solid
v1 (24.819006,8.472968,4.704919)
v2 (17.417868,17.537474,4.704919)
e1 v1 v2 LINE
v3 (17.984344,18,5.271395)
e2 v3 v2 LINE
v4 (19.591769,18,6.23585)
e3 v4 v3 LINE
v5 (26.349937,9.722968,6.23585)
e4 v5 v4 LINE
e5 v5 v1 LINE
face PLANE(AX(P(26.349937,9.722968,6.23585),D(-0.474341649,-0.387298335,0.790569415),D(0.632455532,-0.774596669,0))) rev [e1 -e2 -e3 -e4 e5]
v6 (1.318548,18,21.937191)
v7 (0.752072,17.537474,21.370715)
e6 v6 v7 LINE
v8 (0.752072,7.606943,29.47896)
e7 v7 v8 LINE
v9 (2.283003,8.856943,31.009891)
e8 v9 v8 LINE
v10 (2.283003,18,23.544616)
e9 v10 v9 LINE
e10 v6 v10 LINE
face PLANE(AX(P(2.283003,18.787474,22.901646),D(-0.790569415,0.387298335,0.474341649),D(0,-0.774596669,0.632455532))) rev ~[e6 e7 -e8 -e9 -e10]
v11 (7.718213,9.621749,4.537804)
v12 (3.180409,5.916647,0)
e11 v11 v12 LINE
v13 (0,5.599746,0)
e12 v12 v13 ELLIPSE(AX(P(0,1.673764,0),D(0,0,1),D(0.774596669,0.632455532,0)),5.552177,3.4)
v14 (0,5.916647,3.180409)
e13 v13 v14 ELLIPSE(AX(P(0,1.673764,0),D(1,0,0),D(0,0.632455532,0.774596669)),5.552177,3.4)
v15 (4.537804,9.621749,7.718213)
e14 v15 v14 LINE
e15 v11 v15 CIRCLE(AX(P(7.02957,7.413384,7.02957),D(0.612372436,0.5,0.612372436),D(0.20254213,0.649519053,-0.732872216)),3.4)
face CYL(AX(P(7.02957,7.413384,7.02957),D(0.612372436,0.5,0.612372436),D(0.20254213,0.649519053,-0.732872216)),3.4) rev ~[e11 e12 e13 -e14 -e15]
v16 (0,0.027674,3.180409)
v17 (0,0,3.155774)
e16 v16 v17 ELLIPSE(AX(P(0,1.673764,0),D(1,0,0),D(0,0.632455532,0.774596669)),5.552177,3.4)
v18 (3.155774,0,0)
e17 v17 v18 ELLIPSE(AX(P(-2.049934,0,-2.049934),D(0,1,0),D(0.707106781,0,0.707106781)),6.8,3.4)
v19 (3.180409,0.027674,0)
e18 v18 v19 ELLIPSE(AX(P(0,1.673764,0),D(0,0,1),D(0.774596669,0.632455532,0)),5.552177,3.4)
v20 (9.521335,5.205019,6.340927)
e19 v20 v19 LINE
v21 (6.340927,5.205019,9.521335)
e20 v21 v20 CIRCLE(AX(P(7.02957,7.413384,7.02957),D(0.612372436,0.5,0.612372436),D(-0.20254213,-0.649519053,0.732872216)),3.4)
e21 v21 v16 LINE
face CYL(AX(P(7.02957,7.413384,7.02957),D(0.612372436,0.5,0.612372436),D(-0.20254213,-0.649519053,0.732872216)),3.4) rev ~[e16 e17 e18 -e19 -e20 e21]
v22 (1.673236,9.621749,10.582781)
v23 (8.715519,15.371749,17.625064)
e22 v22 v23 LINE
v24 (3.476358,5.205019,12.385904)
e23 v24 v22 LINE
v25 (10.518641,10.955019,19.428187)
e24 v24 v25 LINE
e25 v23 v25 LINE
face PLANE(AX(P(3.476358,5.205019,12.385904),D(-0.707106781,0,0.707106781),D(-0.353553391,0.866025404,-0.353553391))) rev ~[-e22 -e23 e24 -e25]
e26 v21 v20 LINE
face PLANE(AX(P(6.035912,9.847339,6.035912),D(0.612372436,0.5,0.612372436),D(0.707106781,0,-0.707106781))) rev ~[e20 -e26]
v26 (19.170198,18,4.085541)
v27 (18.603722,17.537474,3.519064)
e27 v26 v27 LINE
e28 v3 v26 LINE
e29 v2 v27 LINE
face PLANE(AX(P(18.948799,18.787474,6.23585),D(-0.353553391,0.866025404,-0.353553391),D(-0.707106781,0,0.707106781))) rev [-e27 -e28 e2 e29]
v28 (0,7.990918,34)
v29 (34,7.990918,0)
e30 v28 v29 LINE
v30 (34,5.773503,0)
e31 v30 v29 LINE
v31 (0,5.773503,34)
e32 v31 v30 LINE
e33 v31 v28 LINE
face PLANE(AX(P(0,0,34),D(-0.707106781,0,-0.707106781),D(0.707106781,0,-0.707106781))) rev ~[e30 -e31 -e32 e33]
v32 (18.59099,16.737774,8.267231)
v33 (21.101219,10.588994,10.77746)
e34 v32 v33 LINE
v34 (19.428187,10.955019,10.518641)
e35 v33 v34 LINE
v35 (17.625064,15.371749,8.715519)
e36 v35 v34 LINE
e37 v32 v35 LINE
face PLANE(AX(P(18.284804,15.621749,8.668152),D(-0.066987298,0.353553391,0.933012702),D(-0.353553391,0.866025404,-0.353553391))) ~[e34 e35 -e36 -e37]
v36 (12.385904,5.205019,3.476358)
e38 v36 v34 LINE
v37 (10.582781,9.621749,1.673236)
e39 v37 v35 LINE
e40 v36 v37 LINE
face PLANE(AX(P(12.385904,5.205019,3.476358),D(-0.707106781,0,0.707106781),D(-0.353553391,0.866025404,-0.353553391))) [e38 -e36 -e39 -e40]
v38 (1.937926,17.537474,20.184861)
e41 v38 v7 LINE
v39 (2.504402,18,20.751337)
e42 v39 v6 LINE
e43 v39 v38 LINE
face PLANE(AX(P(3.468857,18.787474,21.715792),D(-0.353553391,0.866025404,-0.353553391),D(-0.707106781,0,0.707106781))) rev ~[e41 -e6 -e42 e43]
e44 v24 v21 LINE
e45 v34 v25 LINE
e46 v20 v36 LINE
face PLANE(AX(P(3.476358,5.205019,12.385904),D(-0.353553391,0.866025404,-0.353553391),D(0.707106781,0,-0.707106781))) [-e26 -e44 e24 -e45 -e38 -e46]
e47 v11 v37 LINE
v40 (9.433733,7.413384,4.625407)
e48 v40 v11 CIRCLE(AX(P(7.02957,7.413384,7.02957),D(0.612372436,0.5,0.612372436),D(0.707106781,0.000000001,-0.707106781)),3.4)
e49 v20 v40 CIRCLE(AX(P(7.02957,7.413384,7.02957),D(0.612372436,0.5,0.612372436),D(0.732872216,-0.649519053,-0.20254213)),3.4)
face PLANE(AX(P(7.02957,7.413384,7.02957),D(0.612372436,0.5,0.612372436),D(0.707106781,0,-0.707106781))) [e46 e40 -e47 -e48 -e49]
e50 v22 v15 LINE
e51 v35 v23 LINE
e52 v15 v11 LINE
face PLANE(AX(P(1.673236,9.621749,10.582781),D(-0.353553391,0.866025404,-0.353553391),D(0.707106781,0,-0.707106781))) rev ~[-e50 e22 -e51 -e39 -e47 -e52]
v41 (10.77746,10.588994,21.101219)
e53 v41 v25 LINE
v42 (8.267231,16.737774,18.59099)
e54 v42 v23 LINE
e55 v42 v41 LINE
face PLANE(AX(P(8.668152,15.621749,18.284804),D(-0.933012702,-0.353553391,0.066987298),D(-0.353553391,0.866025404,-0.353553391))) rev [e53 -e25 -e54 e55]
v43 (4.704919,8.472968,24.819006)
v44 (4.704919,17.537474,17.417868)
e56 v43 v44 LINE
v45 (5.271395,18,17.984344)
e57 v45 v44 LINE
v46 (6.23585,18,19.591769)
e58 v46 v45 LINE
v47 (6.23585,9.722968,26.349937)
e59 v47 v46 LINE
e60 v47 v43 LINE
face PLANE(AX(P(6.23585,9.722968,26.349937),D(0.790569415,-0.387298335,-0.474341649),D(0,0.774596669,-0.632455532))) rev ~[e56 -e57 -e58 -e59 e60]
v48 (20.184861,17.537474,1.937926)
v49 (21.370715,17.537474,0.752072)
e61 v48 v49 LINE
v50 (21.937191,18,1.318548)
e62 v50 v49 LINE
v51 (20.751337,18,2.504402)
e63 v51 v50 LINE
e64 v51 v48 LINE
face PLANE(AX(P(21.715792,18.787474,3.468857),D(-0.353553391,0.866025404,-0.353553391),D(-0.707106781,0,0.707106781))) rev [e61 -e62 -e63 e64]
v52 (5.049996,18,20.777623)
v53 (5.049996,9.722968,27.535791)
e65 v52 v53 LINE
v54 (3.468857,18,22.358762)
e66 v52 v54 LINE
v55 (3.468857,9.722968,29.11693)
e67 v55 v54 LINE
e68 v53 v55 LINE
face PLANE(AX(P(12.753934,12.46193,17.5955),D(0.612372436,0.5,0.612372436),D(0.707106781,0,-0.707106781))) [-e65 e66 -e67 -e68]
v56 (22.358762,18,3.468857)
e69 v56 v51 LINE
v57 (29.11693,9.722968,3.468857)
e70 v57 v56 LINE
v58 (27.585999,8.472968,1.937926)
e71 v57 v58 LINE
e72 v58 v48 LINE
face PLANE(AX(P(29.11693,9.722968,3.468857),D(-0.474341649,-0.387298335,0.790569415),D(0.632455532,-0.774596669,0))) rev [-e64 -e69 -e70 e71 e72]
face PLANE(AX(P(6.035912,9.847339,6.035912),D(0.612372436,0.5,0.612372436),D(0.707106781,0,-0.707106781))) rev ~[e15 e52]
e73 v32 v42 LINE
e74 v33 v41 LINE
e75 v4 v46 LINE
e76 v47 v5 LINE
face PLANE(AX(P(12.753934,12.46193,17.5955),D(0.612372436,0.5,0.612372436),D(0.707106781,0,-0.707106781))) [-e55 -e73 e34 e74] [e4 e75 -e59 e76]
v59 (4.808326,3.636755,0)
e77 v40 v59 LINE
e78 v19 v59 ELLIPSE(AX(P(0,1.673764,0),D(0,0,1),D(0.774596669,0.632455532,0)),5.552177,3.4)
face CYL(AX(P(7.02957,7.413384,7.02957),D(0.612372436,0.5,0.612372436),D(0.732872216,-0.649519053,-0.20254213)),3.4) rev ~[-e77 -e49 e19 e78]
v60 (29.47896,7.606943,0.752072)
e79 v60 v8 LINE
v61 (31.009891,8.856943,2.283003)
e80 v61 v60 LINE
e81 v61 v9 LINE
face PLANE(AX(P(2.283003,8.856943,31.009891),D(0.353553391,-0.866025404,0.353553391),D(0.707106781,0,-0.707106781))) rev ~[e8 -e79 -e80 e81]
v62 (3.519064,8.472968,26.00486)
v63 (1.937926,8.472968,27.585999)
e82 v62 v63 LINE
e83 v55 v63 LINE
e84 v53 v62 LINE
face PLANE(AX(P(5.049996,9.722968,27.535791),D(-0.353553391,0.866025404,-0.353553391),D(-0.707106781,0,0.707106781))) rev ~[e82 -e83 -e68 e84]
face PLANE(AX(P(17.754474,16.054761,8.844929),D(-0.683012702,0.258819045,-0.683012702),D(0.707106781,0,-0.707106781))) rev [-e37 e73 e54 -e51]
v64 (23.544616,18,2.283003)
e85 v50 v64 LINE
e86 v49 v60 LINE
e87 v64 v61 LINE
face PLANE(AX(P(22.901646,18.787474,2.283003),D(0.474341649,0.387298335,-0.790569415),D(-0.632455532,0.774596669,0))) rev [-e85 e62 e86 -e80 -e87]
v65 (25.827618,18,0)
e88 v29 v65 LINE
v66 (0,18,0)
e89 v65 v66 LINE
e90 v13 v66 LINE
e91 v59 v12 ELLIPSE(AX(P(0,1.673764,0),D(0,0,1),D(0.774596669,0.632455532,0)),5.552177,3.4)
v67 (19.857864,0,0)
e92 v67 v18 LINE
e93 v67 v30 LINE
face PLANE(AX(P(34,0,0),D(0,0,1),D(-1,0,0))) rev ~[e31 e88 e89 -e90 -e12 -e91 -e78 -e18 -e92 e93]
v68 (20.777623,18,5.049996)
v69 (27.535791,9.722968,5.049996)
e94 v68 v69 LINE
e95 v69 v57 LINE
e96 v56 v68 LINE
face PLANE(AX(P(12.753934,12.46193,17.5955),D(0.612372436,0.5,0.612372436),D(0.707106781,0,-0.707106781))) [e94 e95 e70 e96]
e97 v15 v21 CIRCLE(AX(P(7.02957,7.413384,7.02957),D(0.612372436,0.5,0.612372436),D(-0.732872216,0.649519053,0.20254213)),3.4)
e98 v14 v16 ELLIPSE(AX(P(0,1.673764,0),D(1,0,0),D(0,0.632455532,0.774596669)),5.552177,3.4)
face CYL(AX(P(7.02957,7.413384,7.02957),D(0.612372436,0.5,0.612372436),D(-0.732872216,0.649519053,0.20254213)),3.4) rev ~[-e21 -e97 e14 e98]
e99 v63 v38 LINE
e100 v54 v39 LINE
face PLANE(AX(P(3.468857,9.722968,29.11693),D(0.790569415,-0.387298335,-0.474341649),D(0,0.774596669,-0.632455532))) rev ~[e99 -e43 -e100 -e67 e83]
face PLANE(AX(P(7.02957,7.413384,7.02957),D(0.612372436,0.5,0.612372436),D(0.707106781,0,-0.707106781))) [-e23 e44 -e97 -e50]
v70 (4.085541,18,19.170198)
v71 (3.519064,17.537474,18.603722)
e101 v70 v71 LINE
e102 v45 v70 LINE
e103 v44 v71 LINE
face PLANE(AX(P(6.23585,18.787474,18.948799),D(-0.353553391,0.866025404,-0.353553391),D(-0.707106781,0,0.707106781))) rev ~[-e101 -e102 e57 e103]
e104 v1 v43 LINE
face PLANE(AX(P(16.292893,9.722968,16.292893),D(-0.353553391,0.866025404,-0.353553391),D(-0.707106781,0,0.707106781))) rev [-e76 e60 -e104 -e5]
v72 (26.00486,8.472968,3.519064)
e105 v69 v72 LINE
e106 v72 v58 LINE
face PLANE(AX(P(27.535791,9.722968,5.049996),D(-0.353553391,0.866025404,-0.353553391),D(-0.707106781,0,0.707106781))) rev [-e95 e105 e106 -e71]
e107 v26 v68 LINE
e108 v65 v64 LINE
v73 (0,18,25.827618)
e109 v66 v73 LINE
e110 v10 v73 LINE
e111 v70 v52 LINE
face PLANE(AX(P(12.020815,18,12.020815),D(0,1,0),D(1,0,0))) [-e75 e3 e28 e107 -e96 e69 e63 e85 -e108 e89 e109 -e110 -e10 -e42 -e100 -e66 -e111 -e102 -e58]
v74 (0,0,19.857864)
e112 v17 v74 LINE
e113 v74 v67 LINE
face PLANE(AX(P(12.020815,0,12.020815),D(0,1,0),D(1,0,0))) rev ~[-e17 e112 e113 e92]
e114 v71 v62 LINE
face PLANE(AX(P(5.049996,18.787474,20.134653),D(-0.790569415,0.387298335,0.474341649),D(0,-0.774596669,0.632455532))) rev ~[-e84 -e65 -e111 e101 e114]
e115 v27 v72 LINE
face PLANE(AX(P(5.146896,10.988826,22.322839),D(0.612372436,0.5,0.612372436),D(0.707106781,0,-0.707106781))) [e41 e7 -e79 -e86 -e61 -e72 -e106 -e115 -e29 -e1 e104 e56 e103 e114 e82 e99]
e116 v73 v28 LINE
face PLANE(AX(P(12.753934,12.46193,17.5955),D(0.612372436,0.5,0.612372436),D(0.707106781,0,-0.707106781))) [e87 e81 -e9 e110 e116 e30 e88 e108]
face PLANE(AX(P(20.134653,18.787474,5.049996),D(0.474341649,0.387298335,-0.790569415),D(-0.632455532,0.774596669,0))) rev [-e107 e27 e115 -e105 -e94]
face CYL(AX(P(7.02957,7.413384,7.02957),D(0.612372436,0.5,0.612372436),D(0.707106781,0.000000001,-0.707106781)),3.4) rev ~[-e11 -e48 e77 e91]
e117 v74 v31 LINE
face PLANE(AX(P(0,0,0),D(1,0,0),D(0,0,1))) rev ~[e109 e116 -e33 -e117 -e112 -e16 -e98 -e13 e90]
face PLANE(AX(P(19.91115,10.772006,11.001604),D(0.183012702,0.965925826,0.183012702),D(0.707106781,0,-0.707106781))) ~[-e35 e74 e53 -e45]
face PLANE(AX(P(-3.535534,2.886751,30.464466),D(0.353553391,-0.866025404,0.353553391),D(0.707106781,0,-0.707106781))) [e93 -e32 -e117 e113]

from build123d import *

# Parameters (mm, degrees)
BOSS_EXTRUDE1_DEPTH     = 18
CUT_EXTRUDE2_DEPTH      = 9
CUT_EXTRUDE3_DEPTH      = 30.344292319
CUT_EXTRUDE3_DEPTH_BACK = 12.5
SKETCH6_6_W             = 12.6
SKETCH6_6_H             = 5.1
CUT_EXTRUDE4_DEPTH      = 2.5
CHAMFER1_SIZE           = 10
CHAMFER1_SIZE2          = 5.773502692
CHAMFER2_SIZE           = 1
CUT_EXTRUDE5_START      = -12.5
CUT_EXTRUDE5_DEPTH      = 17.844292319


with BuildPart() as part:
    # Sketch1 → Boss-Extrude1 (new body)
    with BuildSketch(Plane(origin=(0, 0, 0), x_dir=(1, 0, 0), z_dir=(0, 1, 0))):
        Polygon((0, 0), (0, -34), (34, 0), align=None)
    extrude(amount=BOSS_EXTRUDE1_DEPTH)

    # Sketch6 → Cut-Extrude2 (cut)
    # profile 1 of 8: a face of its own
    with BuildSketch(Plane(origin=(15.196708808, 12.408060783, 15.196708808), x_dir=(0.7071067811865475, 0, -0.7071067811865476), z_dir=(0.6123724356957942, 0.5000000000000011, 0.6123724356957941))):
        Polygon((-24.04163056, 7.366311807), (-24.04163056, -5.100477721), (24.04163056, -5.100477721), (24.04163056, 7.366311807), (-8.989412587, 7.366311807), (-14.222807352, -3.100477721), (0, -3.100477721), (0, -4.100477721), (-20.312977295, -4.100477721), (-14.579582531, 7.366311807), align=None)
        with BuildLine():
            ThreePointArc((2.248888614, -1.100477721), (0, -1.950477721), (-2.248888614, -1.100477721))
            Line((-2.248888614, -1.100477721), (-6.3, -1.100477721))
            Line((-6.3, -1.100477721), (-6.3, 3.999522279))
            Line((-6.3, 3.999522279), (-2.248888614, 3.999522279))
            ThreePointArc((-2.248888614, 3.999522279), (0, 4.849522279), (2.248888614, 3.999522279))
            Line((2.248888614, 3.999522279), (6.3, 3.999522279))
            Line((6.3, 3.999522279), (6.3, -1.100477721))
            Line((6.3, -1.100477721), (2.248888614, -1.100477721))
        make_face(mode=Mode.SUBTRACT)
    # profile 2 of 8: a face of its own
    with BuildSketch(Plane(origin=(15.196708808, 12.408060783, 15.196708808), x_dir=(0.7071067811865475, 0, -0.7071067811865476), z_dir=(0.6123724356957942, 0.5000000000000011, 0.6123724356957941))):
        with BuildLine():
            ThreePointArc((3.4, 1.449522279), (3.098888614, 0.050633664), (2.248888614, -1.100477721))
            Line((2.248888614, -1.100477721), (6.3, -1.100477721))
            Line((6.3, -1.100477721), (6.3, 3.999522279))
            Line((6.3, 3.999522279), (2.248888614, 3.999522279))
            ThreePointArc((2.248888614, 3.999522279), (3.098888614, 2.848410893), (3.4, 1.449522279))
        make_face()
    # profile 3 of 8: a face of its own
    with BuildSketch(Plane(origin=(15.196708808, 12.408060783, 15.196708808), x_dir=(0.7071067811865475, 0, -0.7071067811865476), z_dir=(0.6123724356957942, 0.5000000000000011, 0.6123724356957941))):
        with BuildLine():
            Line((-6.3, -1.100477721), (-2.248888614, -1.100477721))
            ThreePointArc((-2.248888614, -1.100477721), (-3.4, 1.449522279), (-2.248888614, 3.999522279))
            Line((-2.248888614, 3.999522279), (-6.3, 3.999522279))
            Line((-6.3, 3.999522279), (-6.3, -1.100477721))
        make_face()
    # profile 4 of 8: a face of its own
    with BuildSketch(Plane(origin=(15.196708808, 12.408060783, 15.196708808), x_dir=(0.7071067811865475, 0, -0.7071067811865476), z_dir=(0.6123724356957942, 0.5000000000000011, 0.6123724356957941))):
        with BuildLine():
            Line((0, -1.100477721), (-2.248888614, -1.100477721))
            ThreePointArc((-2.248888614, -1.100477721), (0, -1.950477721), (2.248888614, -1.100477721))
            Line((2.248888614, -1.100477721), (0, -1.100477721))
        make_face()
    # profile 5 of 8: a face of its own
    with BuildSketch(Plane(origin=(15.196708808, 12.408060783, 15.196708808), x_dir=(0.7071067811865475, 0, -0.7071067811865476), z_dir=(0.6123724356957942, 0.5000000000000011, 0.6123724356957941))):
        with BuildLine():
            ThreePointArc((2.248888614, 3.999522279), (0, 4.849522279), (-2.248888614, 3.999522279))
            Line((-2.248888614, 3.999522279), (0, 3.999522279))
            Line((0, 3.999522279), (2.248888614, 3.999522279))
        make_face()
    # profile 6 of 8: a face of its own
    with BuildSketch(Plane(origin=(15.196708808, 12.408060783, 15.196708808), x_dir=(0.7071067811865475, 0, -0.7071067811865476), z_dir=(0.6123724356957942, 0.5000000000000011, 0.6123724356957941))):
        with BuildLine():
            ThreePointArc((-2.248888614, 3.999522279), (-3.4, 1.449522279), (-2.248888614, -1.100477721))
            Line((-2.248888614, -1.100477721), (0, -1.100477721))
            Line((0, -1.100477721), (2.248888614, -1.100477721))
            ThreePointArc((2.248888614, -1.100477721), (3.098888614, 0.050633664), (3.4, 1.449522279))
            ThreePointArc((3.4, 1.449522279), (3.098888614, 2.848410893), (2.248888614, 3.999522279))
            Line((2.248888614, 3.999522279), (0, 3.999522279))
            Line((0, 3.999522279), (-2.248888614, 3.999522279))
        make_face()
    # profile 7 of 8: a face of its own
    with BuildSketch(Plane(origin=(15.196708808, 12.408060783, 15.196708808), x_dir=(0.7071067811865475, 0, -0.7071067811865476), z_dir=(0.6123724356957942, 0.5000000000000011, 0.6123724356957941))):
        Polygon((-12.902531548, 7.366311807), (-14.579582531, 7.366311807), (-20.312977295, -4.100477721), (0, -4.100477721), (0, -3.100477721), (-14.222807352, -3.100477721), (-8.989412587, 7.366311807), (-10.666463571, 7.366311807), (-15.899858335, -3.100477721), (-18.135926312, -3.100477721), align=None)
    # profile 8 of 8: a face of its own
    with BuildSketch(Plane(origin=(15.196708808, 12.408060783, 15.196708808), x_dir=(0.7071067811865475, 0, -0.7071067811865476), z_dir=(0.6123724356957942, 0.5000000000000011, 0.6123724356957941))):
        Polygon((-10.666463571, 7.366311807), (-12.902531548, 7.366311807), (-18.135926312, -3.100477721), (-15.899858335, -3.100477721), align=None)
    extrude(amount=CUT_EXTRUDE2_DEPTH, mode=Mode.SUBTRACT)

    # Sketch6<6> → Cut-Extrude3 (cut, two sides: drawn at the far end of the back side and taken through both)
    with BuildSketch(Plane(origin=(15.196708808, 12.408060783, 15.196708808), x_dir=(0.7071067811865475, 0, -0.7071067811865476), z_dir=(0.6123724356957942, 0.5000000000000011, 0.6123724356957941)).offset(-CUT_EXTRUDE3_DEPTH_BACK)):
        with Locations((0, 1.449522279)):
            Rectangle(SKETCH6_6_W, SKETCH6_6_H)
    extrude(amount=CUT_EXTRUDE3_DEPTH + CUT_EXTRUDE3_DEPTH_BACK, mode=Mode.SUBTRACT)

    # Sketch6<8> → Cut-Extrude4 (cut)
    with BuildSketch(Plane(origin=(15.196708808, 12.408060783, 15.196708808), x_dir=(0.7071067811865475, 0, -0.7071067811865476), z_dir=(0.6123724356957942, 0.5000000000000011, 0.6123724356957941))):
        Polygon((-12.902531548, 7.366311807), (-14.579582531, 7.366311807), (-20.312977295, -4.100477721), (0, -4.100477721), (0, -3.100477721), (-14.222807352, -3.100477721), (-8.989412587, 7.366311807), (-10.666463571, 7.366311807), (-15.899858335, -3.100477721), (-18.135926312, -3.100477721), align=None)
    cut_extrude4 = extrude(amount=-CUT_EXTRUDE4_DEPTH, mode=Mode.SUBTRACT)

    # Mirror1: Cut-Extrude4 across plane
    add(cut_extrude4.mirror(Plane(origin=(0, 0, 0), x_dir=(0.7071067811865476, 0, 0.7071067811865476), z_dir=(-0.7071067811865477, 0, 0.7071067811865475))), mode=Mode.SUBTRACT)

    # Chamfer1
    chamfer1_edges = [part.edges().sort_by_distance(p)[0] for p in [
        (17, 0, 17),
    ]]
    chamfer1_side = [part.faces().sort_by_distance(p)[0] for p in [
        (11.333333333, 0, 11.333333333),
    ]]
    chamfer(chamfer1_edges, length=CHAMFER1_SIZE, length2=CHAMFER1_SIZE2, reference=chamfer1_side[0])

    # Chamfer2
    chamfer2_edges = [part.edges().sort_by_distance(p)[0] for p in [
        (19.138998013, 13.6633839, 10.22945257),
        (15.585786438, 11.45501912, 15.585786438),
        (10.22945257, 13.6633839, 19.138998013),
        (13.782664146, 15.871748679, 13.782664146),
    ]]
    chamfer(chamfer2_edges, length=CHAMFER2_SIZE)

    # Sketch6<9> → Cut-Extrude5 (cut, through all)
    with BuildSketch(Plane(origin=(15.196708808, 12.408060783, 15.196708808), x_dir=(0.7071067811865475, 0, -0.7071067811865476), z_dir=(0.6123724356957942, 0.5000000000000011, 0.6123724356957941)).offset(CUT_EXTRUDE5_START)):
        with BuildLine():
            ThreePointArc((2.248888614, 3.999522279), (0, 4.849522279), (-2.248888614, 3.999522279))
            Line((-2.248888614, 3.999522279), (0, 3.999522279))
            Line((0, 3.999522279), (2.248888614, 3.999522279))
        make_face()
        with BuildLine():
            ThreePointArc((-2.248888614, 3.999522279), (-3.4, 1.449522279), (-2.248888614, -1.100477721))
            Line((-2.248888614, -1.100477721), (0, -1.100477721))
            Line((0, -1.100477721), (2.248888614, -1.100477721))
            ThreePointArc((2.248888614, -1.100477721), (3.098888614, 0.050633664), (3.4, 1.449522279))
            ThreePointArc((3.4, 1.449522279), (3.098888614, 2.848410893), (2.248888614, 3.999522279))
            Line((2.248888614, 3.999522279), (0, 3.999522279))
            Line((0, 3.999522279), (-2.248888614, 3.999522279))
        make_face()
        with BuildLine():
            Line((0, -1.100477721), (-2.248888614, -1.100477721))
            ThreePointArc((-2.248888614, -1.100477721), (0, -1.950477721), (2.248888614, -1.100477721))
            Line((2.248888614, -1.100477721), (0, -1.100477721))
        make_face()
    extrude(amount=-CUT_EXTRUDE5_DEPTH, mode=Mode.SUBTRACT)


solid = part.part
